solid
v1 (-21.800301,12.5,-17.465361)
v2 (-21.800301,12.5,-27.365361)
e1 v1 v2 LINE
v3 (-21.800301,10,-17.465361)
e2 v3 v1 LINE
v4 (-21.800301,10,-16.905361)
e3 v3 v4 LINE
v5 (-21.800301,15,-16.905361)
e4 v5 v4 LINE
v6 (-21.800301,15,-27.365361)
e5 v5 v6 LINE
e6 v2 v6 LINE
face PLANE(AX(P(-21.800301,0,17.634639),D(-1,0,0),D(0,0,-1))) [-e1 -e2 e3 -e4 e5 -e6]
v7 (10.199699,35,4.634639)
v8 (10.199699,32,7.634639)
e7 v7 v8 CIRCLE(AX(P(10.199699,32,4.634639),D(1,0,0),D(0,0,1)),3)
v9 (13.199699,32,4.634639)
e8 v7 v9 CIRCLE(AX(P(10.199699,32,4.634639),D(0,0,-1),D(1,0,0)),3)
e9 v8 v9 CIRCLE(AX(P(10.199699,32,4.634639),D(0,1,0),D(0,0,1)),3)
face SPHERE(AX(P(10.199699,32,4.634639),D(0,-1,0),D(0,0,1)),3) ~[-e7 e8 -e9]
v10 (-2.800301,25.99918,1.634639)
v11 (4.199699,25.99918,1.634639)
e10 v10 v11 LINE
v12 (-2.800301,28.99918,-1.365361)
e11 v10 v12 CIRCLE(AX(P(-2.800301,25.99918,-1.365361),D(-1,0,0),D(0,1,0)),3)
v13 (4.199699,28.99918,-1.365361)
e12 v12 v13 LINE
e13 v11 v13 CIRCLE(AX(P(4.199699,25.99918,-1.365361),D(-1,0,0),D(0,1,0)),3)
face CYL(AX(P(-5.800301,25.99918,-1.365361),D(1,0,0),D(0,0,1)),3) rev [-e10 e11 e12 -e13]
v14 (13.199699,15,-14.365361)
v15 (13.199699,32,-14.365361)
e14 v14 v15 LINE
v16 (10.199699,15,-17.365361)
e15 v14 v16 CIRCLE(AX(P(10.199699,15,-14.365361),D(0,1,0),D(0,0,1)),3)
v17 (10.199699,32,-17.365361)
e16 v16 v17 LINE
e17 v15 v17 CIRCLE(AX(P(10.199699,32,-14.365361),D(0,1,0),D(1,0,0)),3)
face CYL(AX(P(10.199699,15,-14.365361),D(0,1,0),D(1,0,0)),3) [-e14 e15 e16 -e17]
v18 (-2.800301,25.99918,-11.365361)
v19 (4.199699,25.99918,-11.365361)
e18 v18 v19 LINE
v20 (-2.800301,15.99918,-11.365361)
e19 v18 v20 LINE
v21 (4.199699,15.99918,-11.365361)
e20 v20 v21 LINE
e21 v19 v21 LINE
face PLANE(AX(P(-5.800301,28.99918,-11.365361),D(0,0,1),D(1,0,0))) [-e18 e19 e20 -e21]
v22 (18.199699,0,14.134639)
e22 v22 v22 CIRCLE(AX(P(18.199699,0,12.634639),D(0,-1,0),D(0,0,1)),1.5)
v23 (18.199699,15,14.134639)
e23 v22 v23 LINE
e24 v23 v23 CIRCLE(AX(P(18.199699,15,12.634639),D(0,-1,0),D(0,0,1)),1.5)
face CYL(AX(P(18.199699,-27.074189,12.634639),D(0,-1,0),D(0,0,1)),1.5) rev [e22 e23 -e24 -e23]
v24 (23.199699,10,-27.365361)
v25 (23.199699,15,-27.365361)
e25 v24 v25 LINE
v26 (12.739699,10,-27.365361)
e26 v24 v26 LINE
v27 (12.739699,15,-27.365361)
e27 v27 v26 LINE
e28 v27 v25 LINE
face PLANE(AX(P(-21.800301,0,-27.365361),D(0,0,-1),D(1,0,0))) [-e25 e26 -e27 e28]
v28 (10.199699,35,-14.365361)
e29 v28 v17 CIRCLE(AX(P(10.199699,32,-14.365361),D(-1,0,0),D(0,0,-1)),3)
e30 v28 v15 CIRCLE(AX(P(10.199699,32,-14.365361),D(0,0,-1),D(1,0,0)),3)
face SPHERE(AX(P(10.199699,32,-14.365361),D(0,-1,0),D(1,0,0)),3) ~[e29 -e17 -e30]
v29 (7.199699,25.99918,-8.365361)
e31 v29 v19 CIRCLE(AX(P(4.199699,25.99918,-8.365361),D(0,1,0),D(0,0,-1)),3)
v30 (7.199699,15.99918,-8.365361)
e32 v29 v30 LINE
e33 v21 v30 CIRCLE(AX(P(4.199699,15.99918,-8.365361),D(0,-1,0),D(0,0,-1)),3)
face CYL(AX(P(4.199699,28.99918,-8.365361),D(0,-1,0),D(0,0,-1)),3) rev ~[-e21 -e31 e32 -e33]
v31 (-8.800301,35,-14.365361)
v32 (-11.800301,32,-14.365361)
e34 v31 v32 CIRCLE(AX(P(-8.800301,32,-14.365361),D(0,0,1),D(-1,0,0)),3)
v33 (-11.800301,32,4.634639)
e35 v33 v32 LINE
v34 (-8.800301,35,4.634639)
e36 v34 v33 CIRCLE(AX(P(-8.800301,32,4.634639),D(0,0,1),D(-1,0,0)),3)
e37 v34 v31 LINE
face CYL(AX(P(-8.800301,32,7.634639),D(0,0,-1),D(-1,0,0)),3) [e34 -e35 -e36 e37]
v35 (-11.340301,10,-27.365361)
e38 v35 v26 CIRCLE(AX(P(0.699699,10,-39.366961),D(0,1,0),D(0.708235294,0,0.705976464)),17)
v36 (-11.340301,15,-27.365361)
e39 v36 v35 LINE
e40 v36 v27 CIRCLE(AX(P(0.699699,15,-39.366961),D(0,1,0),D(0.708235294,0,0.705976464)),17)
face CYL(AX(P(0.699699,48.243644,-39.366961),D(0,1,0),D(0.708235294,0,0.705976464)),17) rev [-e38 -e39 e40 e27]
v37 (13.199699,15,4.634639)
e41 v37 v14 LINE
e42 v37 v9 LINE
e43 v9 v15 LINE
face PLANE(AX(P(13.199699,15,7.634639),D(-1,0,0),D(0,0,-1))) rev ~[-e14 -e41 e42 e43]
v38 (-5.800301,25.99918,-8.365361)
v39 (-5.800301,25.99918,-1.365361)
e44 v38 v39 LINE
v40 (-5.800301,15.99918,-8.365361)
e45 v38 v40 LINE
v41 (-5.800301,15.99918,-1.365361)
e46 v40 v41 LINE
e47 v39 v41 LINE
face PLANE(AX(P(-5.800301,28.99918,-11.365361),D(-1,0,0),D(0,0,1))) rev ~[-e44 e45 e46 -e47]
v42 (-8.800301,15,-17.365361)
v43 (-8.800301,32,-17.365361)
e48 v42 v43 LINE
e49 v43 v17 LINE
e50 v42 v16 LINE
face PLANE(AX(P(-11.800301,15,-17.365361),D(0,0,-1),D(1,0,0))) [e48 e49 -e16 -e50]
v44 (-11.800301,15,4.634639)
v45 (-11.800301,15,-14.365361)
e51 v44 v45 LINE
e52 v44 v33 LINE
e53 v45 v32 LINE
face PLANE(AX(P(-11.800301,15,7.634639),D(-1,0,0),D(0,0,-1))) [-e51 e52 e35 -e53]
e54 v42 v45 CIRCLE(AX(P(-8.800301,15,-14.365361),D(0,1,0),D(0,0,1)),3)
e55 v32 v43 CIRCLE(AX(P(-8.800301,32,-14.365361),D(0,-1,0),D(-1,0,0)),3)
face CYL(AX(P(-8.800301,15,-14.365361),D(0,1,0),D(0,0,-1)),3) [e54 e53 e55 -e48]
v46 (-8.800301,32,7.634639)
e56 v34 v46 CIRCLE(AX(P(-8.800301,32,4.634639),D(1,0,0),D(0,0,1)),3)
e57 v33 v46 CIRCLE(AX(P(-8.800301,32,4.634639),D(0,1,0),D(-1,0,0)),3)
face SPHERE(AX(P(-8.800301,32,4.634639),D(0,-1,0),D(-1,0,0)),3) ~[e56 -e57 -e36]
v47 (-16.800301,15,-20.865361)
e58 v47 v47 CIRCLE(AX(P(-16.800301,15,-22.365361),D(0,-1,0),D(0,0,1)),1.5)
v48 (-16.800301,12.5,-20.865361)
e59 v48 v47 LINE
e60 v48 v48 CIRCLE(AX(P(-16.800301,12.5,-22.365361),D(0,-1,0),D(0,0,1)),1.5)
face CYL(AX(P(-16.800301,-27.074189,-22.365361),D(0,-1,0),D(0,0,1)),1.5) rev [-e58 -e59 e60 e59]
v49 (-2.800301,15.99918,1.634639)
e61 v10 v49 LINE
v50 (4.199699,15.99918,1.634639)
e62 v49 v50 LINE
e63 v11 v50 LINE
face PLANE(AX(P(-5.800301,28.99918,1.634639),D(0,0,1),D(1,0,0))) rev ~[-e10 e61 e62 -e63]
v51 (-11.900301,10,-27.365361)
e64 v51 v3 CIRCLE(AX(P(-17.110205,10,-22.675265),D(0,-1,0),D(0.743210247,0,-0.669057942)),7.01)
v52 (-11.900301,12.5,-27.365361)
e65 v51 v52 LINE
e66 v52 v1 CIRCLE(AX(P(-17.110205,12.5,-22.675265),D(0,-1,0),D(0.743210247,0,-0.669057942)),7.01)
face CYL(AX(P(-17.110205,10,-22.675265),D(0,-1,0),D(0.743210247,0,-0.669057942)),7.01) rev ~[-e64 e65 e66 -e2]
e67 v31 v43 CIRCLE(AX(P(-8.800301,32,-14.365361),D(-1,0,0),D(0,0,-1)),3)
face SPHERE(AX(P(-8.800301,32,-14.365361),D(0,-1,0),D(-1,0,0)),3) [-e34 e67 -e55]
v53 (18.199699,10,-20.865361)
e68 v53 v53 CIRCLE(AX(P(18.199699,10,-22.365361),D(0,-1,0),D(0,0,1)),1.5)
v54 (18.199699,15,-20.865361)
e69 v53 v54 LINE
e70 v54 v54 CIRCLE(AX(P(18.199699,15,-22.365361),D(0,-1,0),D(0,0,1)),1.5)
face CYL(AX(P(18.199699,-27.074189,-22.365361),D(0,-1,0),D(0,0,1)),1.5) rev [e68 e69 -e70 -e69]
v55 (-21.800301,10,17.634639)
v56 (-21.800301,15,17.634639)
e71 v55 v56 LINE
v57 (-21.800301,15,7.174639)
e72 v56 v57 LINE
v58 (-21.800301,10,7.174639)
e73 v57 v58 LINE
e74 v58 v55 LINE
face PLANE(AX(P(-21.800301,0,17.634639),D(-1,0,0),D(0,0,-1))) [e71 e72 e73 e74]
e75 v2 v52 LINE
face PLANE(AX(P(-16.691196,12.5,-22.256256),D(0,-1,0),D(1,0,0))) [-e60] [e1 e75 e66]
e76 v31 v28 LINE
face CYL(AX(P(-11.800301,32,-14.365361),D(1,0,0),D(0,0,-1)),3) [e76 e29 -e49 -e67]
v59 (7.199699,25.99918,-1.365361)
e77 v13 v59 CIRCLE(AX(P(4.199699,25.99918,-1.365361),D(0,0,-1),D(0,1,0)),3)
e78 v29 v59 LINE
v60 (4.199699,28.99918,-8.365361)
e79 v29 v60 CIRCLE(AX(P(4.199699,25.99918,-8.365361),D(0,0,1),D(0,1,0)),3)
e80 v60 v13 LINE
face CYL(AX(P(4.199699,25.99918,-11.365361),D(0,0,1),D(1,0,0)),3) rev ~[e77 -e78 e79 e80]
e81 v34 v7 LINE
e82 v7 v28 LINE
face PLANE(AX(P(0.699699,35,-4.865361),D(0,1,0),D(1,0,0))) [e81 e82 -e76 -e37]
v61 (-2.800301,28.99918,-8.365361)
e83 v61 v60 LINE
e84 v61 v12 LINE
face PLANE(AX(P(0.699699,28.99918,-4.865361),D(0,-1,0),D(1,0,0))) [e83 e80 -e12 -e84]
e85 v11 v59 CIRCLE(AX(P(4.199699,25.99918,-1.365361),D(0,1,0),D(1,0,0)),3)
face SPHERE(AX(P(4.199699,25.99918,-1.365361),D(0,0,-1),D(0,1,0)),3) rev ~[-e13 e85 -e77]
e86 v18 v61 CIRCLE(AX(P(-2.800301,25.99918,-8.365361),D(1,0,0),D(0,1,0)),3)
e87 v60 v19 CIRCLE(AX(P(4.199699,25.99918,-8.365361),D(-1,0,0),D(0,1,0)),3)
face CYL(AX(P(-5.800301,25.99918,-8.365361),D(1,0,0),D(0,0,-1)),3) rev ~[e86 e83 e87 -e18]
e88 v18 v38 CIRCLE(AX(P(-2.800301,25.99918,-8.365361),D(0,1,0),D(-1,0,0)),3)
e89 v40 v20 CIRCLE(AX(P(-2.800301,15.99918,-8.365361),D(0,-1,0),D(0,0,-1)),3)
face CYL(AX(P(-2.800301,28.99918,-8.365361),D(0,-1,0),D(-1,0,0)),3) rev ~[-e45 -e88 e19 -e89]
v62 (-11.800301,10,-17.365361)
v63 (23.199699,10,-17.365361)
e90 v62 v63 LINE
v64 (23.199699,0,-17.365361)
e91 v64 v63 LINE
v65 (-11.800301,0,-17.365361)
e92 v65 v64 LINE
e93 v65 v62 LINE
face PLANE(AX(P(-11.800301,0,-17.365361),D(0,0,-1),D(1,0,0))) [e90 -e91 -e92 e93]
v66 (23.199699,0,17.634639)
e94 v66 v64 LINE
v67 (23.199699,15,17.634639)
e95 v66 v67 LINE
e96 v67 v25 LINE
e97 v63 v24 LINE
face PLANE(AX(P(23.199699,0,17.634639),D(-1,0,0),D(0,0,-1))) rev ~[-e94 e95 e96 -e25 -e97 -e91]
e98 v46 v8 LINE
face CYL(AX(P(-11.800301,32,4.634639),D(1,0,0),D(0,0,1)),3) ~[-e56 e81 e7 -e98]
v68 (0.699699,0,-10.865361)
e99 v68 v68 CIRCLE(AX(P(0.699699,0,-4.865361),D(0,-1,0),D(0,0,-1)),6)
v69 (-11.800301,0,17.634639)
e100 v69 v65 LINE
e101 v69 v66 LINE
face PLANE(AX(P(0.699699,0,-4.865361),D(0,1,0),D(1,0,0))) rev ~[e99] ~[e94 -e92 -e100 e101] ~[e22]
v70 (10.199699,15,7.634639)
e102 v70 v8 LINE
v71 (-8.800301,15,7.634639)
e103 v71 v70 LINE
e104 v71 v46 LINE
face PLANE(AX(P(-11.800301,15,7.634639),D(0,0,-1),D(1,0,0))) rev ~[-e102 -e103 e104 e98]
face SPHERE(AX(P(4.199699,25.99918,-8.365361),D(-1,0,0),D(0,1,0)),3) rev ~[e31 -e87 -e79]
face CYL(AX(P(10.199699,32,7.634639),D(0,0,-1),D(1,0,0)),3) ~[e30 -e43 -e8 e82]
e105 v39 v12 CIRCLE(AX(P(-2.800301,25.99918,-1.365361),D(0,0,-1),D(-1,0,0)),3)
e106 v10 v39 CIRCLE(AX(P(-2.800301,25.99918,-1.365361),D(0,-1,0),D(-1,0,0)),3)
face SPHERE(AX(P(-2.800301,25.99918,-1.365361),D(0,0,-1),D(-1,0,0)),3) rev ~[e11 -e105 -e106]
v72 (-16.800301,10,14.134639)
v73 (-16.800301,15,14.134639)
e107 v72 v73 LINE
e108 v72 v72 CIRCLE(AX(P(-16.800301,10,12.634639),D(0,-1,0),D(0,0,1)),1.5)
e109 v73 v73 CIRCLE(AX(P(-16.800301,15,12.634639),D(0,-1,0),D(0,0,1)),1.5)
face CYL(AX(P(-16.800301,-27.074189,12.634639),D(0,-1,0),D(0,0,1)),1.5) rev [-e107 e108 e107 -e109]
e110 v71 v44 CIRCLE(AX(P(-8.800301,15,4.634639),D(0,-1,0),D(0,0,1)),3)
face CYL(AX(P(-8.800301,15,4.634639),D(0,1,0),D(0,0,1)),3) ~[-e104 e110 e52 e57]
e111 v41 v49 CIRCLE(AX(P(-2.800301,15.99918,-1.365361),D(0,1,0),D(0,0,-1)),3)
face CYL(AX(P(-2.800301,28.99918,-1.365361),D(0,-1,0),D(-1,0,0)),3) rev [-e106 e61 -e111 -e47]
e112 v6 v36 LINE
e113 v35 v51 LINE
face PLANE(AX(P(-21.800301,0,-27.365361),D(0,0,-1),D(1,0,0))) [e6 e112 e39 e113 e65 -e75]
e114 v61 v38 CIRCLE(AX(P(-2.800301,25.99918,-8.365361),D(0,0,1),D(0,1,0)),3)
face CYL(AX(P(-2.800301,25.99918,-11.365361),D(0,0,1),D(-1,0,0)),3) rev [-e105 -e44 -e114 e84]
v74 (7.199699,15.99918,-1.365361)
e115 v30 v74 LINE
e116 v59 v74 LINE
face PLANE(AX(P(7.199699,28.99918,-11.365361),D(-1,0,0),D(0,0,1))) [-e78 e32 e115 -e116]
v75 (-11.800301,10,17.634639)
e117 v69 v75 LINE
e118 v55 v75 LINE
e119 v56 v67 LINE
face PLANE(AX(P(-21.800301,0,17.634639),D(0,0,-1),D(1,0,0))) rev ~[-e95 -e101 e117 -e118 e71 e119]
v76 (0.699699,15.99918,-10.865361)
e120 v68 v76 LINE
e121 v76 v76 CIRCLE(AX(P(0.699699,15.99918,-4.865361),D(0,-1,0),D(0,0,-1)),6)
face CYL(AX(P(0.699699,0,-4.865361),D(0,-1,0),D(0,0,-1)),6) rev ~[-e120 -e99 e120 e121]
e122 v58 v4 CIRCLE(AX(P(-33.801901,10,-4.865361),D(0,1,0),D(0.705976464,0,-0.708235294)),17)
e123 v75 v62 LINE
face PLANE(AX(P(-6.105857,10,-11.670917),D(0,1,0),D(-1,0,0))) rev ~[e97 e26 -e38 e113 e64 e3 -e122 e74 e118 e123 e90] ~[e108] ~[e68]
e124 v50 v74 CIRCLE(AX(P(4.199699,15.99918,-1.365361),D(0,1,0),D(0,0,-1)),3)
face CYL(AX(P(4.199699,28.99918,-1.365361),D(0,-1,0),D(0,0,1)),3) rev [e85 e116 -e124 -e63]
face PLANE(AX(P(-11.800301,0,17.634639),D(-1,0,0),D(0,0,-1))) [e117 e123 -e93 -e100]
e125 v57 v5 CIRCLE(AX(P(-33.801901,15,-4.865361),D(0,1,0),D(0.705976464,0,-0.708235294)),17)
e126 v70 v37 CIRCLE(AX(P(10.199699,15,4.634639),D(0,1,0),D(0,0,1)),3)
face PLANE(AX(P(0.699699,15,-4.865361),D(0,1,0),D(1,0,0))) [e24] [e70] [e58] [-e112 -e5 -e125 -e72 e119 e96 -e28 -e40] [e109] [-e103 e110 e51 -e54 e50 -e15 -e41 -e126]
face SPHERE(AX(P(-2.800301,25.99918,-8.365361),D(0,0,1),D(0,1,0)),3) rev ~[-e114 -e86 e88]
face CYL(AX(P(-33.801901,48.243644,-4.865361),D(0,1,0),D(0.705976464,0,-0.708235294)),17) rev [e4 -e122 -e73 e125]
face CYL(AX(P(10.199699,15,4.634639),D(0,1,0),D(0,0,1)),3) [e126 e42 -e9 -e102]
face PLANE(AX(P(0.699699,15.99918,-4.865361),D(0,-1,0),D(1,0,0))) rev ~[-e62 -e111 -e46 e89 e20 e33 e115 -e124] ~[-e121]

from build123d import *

# Parameters (mm, degrees)
SKETCH1_W               = 45
SKETCH1_H               = 45
BOSS_EXTRUDE1_DEPTH     = 15
CUT_EXTRUDE1_DEPTH      = 10
CUT_EXTRUDE2_DEPTH      = 38.243644172
CUT_EXTRUDE2_DEPTH_BACK = 38.243644172
CUT_EXTRUDE3_DEPTH      = 2.5
SKETCH5_W               = 25
SKETCH5_H               = 25
BOSS_EXTRUDE2_DEPTH     = 20
FILLET1_R               = 3
SKETCH6_R               = 6
CUT_EXTRUDE4_DEPTH      = 28.99918
SKETCH7_W               = 13
SKETCH7_H               = 13
CUT_EXTRUDE5_DEPTH      = 13
FILLET2_R               = 3
CUT_EXTRUDE6_DEPTH      = 42.074189356
CUT_EXTRUDE6_DEPTH_BACK = 42.074189356
SKETCH8_R               = 1.5


with BuildPart() as part:
    # Sketch1 → Boss-Extrude1 (new body)
    with BuildSketch(Plane(origin=(0, 0, 0), x_dir=(1, 0, 0), z_dir=(0, 1, 0))):
        with Locations((0.699698795, 4.865361446)):
            Rectangle(SKETCH1_W, SKETCH1_H)
    extrude(amount=BOSS_EXTRUDE1_DEPTH)

    # Sketch2 → Cut-Extrude1 (cut)
    with BuildSketch(Plane.XZ):
        Polygon((-21.800301205, 17.634638554), (-11.800301205, 17.634638554), (-11.800301205, -17.365361446), (23.199698795, -17.365361446), (23.199698795, -27.365361446), (-21.800301205, -27.365361446), align=None)
    extrude(amount=-CUT_EXTRUDE1_DEPTH, mode=Mode.SUBTRACT)

    # Sketch3 → Cut-Extrude2 (cut, two sides: drawn at the far end of the back side and taken through both)
    with BuildSketch(Plane.XZ.offset(-10).offset(-CUT_EXTRUDE2_DEPTH_BACK)):
        with BuildLine():
            Line((-11.340301205, -27.365361446), (12.739698795, -27.365361446))
            ThreePointArc((12.739698795, -27.365361446), (0.699698795, -22.366961339), (-11.340301205, -27.365361446))
        make_face()
        with BuildLine():
            Line((-21.800301205, 7.174638554), (-21.800301205, -16.905361446))
            ThreePointArc((-21.800301205, -16.905361446), (-16.801901098, -4.865361446), (-21.800301205, 7.174638554))
        make_face()
    extrude(amount=CUT_EXTRUDE2_DEPTH + CUT_EXTRUDE2_DEPTH_BACK, mode=Mode.SUBTRACT)

    # Sketch4 → Cut-Extrude3 (cut)
    with BuildSketch(Plane.XZ.offset(-10)):
        with BuildLine():
            Line((-21.800301205, -17.465361446), (-21.800301205, -27.365361446))
            Line((-21.800301205, -27.365361446), (-11.900301205, -27.365361446))
            ThreePointArc((-11.900301205, -27.365361446), (-12.153386497, -17.718446738), (-21.800301205, -17.465361446))
        make_face()
    extrude(amount=-CUT_EXTRUDE3_DEPTH, mode=Mode.SUBTRACT)

    # Sketch5 → Boss-Extrude2 (add)
    with BuildSketch(Plane(origin=(0, 15, 0), x_dir=(1, 0, 0), z_dir=(0, 1, 0))):
        with Locations((0.699698795, 4.865361446)):
            Rectangle(SKETCH5_W, SKETCH5_H)
    extrude(amount=BOSS_EXTRUDE2_DEPTH)

    # Fillet1
    fillet1_edges = [part.edges().sort_by_distance(p)[0] for p in [
        (-11.800301205, 25, -17.365361446),
        (-11.800301205, 25, 7.634638554),
        (13.199698795, 25, 7.634638554),
        (13.199698795, 25, -17.365361446),
        (-11.800301205, 35, -4.865361446),
        (0.699698795, 35, 7.634638554),
        (13.199698795, 35, -4.865361446),
        (0.699698795, 35, -17.365361446),
    ]]
    fillet(fillet1_edges, radius=FILLET1_R)

    # Sketch6 → Cut-Extrude4 (cut)
    with BuildSketch(Plane(origin=(0, 0, 0), x_dir=(-1, 0, 0), z_dir=(0, -1, 0))):
        with Locations(Location((-0.699698795, 4.865361446, 0), (0, 0, 90))):
            Circle(SKETCH6_R)
    extrude(amount=-CUT_EXTRUDE4_DEPTH, mode=Mode.SUBTRACT)

    # Sketch7 → Cut-Extrude5 (cut)
    with BuildSketch(Plane.XZ.offset(-28.99918)):
        with Locations((0.699698795, -4.865361446)):
            Rectangle(SKETCH7_W, SKETCH7_H)
    extrude(amount=CUT_EXTRUDE5_DEPTH, mode=Mode.SUBTRACT)

    # Fillet2
    fillet2_edges = [part.edges().sort_by_distance(p)[0] for p in [
        (-5.800301205, 28.99918, -4.865361446),
        (-5.800301205, 22.49918, 1.634638554),
        (0.699698795, 28.99918, -11.365361446),
        (-5.800301205, 22.49918, -11.365361446),
        (7.199698795, 28.99918, -4.865361446),
        (7.199698795, 22.49918, -11.365361446),
        (0.699698795, 28.99918, 1.634638554),
        (7.199698795, 22.49918, 1.634638554),
    ]]
    fillet(fillet2_edges, radius=FILLET2_R)

    # Sketch8 → Cut-Extrude6 (cut, two sides: drawn at the far end of the back side and taken through both)
    with BuildSketch(Plane(origin=(0, 15, 0), x_dir=(1, 0, 0), z_dir=(0, 1, 0)).offset(-CUT_EXTRUDE6_DEPTH_BACK)):
        with Locations(Location((-16.800301205, 22.365361446, 0), (0, 0, 270))):
            Circle(SKETCH8_R)
        with Locations(Location((18.199698795, 22.365361446, 0), (0, 0, 270))):
            Circle(SKETCH8_R)
        with Locations(Location((18.199698795, -12.634638554, 0), (0, 0, 270))):
            Circle(SKETCH8_R)
        with Locations(Location((-16.800301205, -12.634638554, 0), (0, 0, 270))):
            Circle(SKETCH8_R)
    extrude(amount=CUT_EXTRUDE6_DEPTH + CUT_EXTRUDE6_DEPTH_BACK, mode=Mode.SUBTRACT)


solid = part.part
